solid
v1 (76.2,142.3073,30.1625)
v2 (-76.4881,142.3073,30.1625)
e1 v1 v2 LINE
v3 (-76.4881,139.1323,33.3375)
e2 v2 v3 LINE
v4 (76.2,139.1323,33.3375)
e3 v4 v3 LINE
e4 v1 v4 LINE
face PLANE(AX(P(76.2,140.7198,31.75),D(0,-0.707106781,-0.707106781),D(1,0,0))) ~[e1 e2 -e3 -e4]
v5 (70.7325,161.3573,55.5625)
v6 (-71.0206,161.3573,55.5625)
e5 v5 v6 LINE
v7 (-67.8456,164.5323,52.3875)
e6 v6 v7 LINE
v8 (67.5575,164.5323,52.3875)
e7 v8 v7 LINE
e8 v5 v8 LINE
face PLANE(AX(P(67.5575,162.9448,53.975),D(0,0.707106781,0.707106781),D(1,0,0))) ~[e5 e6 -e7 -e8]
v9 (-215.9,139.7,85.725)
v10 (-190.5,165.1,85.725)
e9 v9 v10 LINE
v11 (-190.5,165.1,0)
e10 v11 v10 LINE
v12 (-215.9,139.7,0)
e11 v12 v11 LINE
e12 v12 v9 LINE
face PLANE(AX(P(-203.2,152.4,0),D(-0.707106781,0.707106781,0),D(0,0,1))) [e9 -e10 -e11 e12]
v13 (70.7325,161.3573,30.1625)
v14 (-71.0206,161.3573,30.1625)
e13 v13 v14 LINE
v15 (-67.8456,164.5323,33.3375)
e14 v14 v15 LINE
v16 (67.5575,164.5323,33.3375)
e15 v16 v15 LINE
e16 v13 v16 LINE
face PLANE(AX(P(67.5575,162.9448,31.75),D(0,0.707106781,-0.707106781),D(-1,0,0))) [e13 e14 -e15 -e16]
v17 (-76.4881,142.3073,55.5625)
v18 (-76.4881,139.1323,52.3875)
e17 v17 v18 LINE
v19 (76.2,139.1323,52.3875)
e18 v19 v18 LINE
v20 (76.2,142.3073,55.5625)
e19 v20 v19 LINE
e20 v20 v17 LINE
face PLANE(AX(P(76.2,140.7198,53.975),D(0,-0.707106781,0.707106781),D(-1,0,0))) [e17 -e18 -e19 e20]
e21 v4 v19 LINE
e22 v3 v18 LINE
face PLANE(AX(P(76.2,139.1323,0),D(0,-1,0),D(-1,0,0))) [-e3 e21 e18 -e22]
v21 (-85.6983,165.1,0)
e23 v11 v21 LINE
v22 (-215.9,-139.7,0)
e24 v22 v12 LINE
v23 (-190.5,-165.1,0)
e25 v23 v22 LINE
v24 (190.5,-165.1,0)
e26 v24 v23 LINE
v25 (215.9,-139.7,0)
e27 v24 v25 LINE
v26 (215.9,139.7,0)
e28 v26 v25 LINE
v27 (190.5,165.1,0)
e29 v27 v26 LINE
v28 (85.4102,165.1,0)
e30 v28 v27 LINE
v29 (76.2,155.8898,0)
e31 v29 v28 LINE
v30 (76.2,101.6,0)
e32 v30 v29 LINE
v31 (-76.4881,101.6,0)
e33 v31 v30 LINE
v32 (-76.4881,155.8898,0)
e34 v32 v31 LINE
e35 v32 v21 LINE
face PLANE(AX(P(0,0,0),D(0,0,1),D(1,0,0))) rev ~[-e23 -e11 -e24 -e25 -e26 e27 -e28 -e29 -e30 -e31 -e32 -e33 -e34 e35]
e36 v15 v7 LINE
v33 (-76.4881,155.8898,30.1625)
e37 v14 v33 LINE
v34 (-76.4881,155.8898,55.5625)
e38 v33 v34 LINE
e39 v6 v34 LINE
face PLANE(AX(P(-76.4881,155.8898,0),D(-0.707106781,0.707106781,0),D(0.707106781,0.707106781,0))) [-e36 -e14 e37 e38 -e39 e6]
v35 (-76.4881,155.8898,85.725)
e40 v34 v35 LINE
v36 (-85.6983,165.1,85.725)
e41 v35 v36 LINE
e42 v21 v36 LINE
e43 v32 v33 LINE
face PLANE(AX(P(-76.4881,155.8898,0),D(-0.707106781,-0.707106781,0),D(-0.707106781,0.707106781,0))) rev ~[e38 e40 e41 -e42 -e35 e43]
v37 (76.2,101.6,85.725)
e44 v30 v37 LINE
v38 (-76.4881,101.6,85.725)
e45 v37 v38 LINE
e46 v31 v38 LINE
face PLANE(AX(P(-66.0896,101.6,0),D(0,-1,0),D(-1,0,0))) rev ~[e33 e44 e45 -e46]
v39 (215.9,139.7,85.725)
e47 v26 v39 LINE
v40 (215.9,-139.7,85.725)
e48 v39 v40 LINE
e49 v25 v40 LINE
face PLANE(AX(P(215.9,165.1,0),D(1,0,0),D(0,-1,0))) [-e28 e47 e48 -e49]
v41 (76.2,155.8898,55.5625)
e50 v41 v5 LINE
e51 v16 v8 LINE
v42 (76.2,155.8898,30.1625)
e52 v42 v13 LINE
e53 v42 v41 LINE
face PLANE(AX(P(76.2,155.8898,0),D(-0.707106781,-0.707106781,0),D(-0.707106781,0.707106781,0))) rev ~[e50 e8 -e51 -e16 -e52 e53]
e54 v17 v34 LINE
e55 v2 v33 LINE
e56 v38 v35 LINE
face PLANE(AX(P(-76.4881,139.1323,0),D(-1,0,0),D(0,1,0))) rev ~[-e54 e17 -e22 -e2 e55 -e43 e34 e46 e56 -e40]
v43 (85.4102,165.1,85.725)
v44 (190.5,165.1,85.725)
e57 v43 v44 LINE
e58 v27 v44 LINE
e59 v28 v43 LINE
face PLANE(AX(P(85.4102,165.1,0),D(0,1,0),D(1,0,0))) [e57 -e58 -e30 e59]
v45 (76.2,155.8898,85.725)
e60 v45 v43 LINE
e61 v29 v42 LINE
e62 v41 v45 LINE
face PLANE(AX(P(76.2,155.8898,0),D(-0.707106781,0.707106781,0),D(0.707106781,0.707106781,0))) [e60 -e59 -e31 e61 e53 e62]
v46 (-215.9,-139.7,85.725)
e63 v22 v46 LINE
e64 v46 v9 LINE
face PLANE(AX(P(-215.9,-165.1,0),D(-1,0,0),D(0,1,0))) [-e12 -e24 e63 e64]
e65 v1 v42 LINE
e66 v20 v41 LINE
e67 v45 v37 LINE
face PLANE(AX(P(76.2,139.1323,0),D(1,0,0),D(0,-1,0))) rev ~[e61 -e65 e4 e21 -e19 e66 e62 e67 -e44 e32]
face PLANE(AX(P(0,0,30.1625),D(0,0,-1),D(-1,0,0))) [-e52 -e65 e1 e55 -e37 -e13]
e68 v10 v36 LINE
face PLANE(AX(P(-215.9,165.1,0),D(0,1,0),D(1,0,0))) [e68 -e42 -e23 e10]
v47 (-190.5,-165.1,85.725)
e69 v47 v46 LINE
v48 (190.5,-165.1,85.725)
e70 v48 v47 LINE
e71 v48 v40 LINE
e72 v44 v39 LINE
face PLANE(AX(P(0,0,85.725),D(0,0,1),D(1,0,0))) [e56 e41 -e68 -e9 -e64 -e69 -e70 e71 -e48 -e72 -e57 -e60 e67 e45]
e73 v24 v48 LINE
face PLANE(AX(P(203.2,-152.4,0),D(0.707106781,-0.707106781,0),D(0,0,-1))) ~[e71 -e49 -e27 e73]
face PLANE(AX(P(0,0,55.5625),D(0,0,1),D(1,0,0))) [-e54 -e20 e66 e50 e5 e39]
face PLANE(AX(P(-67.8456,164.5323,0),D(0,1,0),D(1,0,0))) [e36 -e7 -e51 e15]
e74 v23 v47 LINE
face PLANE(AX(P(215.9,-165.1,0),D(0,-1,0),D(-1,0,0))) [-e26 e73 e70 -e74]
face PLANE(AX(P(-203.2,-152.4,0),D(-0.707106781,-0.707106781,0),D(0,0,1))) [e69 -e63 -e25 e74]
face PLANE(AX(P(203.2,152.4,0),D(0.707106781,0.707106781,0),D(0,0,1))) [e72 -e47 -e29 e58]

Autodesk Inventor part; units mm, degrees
ref_plane "YZ Plane" through (0, 0, 0) normal (1, 0, 0) x (0, 1, 0)
ref_plane "XZ Plane" through (0, 0, 0) normal (0, 1, 0) x (-1, 0, 0)
ref_plane "XY Plane" through (0, 0, 0) normal (0, 0, 1) x (1, 0, 0)
sketch "Sketch1" plane through (0, 0, 0) normal (0, 0, 1) x (1, 0, 0)
  line L0 (215.9, -165.1) -> (-215.9, -165.1)
  line L1 (-215.9, -165.1) -> (-215.9, 165.1)
  line L2 (215.9, 165.1) -> (215.9, -165.1)
  line L3 (215.9, -165.1) -> (-215.9, 165.1) construction
  line L4 (-215.9, -165.1) -> (215.9, 165.1) construction
  line L5 (76.2, 101.6) -> (-76.4881, 101.6)
  line L6 (-76.2, 191.0151) -> (76.2, 101.6) construction
  line L7 (76.2, 191.0151) -> (-76.4881, 101.6) construction
  line L8 (66.0896, 101.6) -> (-66.0896, 101.6)
  line L9 (-67.8456, 164.5323) -> (67.5575, 164.5323)
  line L10 (76.2, 139.1323) -> (-76.4881, 139.1323)
  line L11 (-76.4881, 155.8898) -> (-67.8456, 164.5323)
  line L12 (-0.144, 139.1323) -> (-0.144, 146.3921)
  line L13 (76.2, 155.8898) -> (67.5575, 164.5323)
  line L14 (-215.9, 165.1) -> (-85.6983, 165.1)
  line L15 (-67.8456, 164.5323) -> (67.5575, 164.5323)
  line L16 (85.4102, 165.1) -> (215.9, 165.1)
  line L17 (76.2, 139.1323) -> (76.2, 101.6)
  line L18 (-76.4881, 101.6) -> (-76.4881, 139.1323)
  line L19 (-76.4881, 155.8898) -> (-85.6983, 165.1)
  line L20 (76.2, 155.8898) -> (85.4102, 165.1)
  point P0 (0, 0)
  point P1 (-0.072, 146.3498)
  dimension "d0" = 431.8
  dimension "d1" = 330.2
  dimension "d7" = 266.7
  dimension "d11" = 25.4
  dimension "d12" = 45
extrude "Extrusion1" add sketch "Sketch1" along normal blind 85.725
chamfer "Chamfer1" distance 25.4 angle 45 4 edges at (215.9, 165.1, 42.8625) (215.9, -165.1, 42.8625) (-215.9, -165.1, 42.8625) (-215.9, 165.1, 42.8625)
sketch "Sketch2" plane through (0, 0, 85.725) normal (0, 0, 1) x (1, 0, 0)
  line L0 (76.2, 139.1323) -> (76.2, 101.6) projected
  line L1 (76.2, 101.6) -> (-76.4881, 101.6) projected
  line L2 (-76.4881, 101.6) -> (-76.4881, 139.1323) projected
  line L3 (-215.9, 139.7) -> (-190.5, 165.1) projected
  line L4 (-215.9, 139.7) -> (-215.9, -139.7) projected
  line L5 (-190.5, -165.1) -> (-215.9, -139.7) projected
  line L6 (-190.5, -165.1) -> (190.5, -165.1) projected
  line L7 (215.9, -139.7) -> (190.5, -165.1) projected
  line L8 (215.9, -139.7) -> (215.9, 139.7) projected
  line L9 (190.5, 165.1) -> (215.9, 139.7) projected
  line L10 (190.5, 165.1) -> (85.4102, 165.1) projected
  line L11 (85.4102, 165.1) -> (76.2, 155.8898) projected
  line L12 (76.2, 155.8898) -> (67.5575, 164.5323) projected
  line L13 (67.5575, 164.5323) -> (-67.8456, 164.5323) projected
  line L14 (-67.8456, 164.5323) -> (-76.4881, 155.8898) projected
  line L15 (-76.4881, 155.8898) -> (-85.6983, 165.1) projected
  line L16 (-85.6983, 165.1) -> (-190.5, 165.1) projected
  line L17 (-76.4881, 139.1323) -> (76.2, 139.1323) projected
  line L18 (-76.4881, 139.1323) -> (-76.4881, 155.8898)
  line L19 (76.2, 139.1323) -> (76.2, 155.8898)
  point P0 (0, 0)
extrude "Extrusion2" cut sketch "Sketch2" against normal blind 30.1625 contours L17 L18 L14 L13 L12 L19
sketch "Sketch3" plane through (0, 0, 0) normal (0, 0, -1) x (-1, 0, 0)
  line L0 (76.4881, 139.1323) -> (76.4881, 101.6) projected
  line L1 (76.4881, 101.6) -> (-76.2, 101.6) projected
  line L2 (-76.2, 101.6) -> (-76.2, 139.1323) projected
  line L3 (-76.2, 139.1323) -> (76.4881, 139.1323) projected
  line L4 (190.5, 165.1) -> (215.9, 139.7) projected
  line L5 (85.6983, 165.1) -> (190.5, 165.1) projected
  line L6 (76.4881, 155.8898) -> (85.6983, 165.1) projected
  line L7 (67.8456, 164.5323) -> (76.4881, 155.8898) projected
  line L8 (-67.5575, 164.5323) -> (67.8456, 164.5323) projected
  line L9 (-76.2, 155.8898) -> (-67.5575, 164.5323) projected
  line L10 (-85.4102, 165.1) -> (-76.2, 155.8898) projected
  line L11 (-190.5, 165.1) -> (-85.4102, 165.1) projected
  line L12 (-215.9, 139.7) -> (-190.5, 165.1) projected
  line L13 (-215.9, -139.7) -> (-215.9, 139.7) projected
  line L14 (-190.5, -165.1) -> (-215.9, -139.7) projected
  line L15 (190.5, -165.1) -> (-190.5, -165.1) projected
  line L16 (215.9, -139.7) -> (190.5, -165.1) projected
  line L17 (215.9, 139.7) -> (215.9, -139.7) projected
  line L18 (-76.2, 139.1323) -> (76.4881, 139.1323) projected
  line L19 (-76.2, 139.1323) -> (-76.2, 155.8898)
  line L20 (76.4881, 101.6) -> (76.4881, 155.8898) projected
  line L21 (76.4881, 139.1323) -> (76.4881, 155.8898)
  point P0 (0, 0)
extrude "Extrusion3" cut sketch "Sketch3" against normal blind 30.1625 contours L3 L19 L9 L8 L7 L20
chamfer "Chamfer2" distance 3.175 angle 45 4 edges at (-0.144, 139.1323, 55.5625) (-0.144, 139.1323, 30.1625) (-0.144, 164.5323, 55.5625) (-0.144, 164.5323, 30.1625)
properties part number "Divider_box"
